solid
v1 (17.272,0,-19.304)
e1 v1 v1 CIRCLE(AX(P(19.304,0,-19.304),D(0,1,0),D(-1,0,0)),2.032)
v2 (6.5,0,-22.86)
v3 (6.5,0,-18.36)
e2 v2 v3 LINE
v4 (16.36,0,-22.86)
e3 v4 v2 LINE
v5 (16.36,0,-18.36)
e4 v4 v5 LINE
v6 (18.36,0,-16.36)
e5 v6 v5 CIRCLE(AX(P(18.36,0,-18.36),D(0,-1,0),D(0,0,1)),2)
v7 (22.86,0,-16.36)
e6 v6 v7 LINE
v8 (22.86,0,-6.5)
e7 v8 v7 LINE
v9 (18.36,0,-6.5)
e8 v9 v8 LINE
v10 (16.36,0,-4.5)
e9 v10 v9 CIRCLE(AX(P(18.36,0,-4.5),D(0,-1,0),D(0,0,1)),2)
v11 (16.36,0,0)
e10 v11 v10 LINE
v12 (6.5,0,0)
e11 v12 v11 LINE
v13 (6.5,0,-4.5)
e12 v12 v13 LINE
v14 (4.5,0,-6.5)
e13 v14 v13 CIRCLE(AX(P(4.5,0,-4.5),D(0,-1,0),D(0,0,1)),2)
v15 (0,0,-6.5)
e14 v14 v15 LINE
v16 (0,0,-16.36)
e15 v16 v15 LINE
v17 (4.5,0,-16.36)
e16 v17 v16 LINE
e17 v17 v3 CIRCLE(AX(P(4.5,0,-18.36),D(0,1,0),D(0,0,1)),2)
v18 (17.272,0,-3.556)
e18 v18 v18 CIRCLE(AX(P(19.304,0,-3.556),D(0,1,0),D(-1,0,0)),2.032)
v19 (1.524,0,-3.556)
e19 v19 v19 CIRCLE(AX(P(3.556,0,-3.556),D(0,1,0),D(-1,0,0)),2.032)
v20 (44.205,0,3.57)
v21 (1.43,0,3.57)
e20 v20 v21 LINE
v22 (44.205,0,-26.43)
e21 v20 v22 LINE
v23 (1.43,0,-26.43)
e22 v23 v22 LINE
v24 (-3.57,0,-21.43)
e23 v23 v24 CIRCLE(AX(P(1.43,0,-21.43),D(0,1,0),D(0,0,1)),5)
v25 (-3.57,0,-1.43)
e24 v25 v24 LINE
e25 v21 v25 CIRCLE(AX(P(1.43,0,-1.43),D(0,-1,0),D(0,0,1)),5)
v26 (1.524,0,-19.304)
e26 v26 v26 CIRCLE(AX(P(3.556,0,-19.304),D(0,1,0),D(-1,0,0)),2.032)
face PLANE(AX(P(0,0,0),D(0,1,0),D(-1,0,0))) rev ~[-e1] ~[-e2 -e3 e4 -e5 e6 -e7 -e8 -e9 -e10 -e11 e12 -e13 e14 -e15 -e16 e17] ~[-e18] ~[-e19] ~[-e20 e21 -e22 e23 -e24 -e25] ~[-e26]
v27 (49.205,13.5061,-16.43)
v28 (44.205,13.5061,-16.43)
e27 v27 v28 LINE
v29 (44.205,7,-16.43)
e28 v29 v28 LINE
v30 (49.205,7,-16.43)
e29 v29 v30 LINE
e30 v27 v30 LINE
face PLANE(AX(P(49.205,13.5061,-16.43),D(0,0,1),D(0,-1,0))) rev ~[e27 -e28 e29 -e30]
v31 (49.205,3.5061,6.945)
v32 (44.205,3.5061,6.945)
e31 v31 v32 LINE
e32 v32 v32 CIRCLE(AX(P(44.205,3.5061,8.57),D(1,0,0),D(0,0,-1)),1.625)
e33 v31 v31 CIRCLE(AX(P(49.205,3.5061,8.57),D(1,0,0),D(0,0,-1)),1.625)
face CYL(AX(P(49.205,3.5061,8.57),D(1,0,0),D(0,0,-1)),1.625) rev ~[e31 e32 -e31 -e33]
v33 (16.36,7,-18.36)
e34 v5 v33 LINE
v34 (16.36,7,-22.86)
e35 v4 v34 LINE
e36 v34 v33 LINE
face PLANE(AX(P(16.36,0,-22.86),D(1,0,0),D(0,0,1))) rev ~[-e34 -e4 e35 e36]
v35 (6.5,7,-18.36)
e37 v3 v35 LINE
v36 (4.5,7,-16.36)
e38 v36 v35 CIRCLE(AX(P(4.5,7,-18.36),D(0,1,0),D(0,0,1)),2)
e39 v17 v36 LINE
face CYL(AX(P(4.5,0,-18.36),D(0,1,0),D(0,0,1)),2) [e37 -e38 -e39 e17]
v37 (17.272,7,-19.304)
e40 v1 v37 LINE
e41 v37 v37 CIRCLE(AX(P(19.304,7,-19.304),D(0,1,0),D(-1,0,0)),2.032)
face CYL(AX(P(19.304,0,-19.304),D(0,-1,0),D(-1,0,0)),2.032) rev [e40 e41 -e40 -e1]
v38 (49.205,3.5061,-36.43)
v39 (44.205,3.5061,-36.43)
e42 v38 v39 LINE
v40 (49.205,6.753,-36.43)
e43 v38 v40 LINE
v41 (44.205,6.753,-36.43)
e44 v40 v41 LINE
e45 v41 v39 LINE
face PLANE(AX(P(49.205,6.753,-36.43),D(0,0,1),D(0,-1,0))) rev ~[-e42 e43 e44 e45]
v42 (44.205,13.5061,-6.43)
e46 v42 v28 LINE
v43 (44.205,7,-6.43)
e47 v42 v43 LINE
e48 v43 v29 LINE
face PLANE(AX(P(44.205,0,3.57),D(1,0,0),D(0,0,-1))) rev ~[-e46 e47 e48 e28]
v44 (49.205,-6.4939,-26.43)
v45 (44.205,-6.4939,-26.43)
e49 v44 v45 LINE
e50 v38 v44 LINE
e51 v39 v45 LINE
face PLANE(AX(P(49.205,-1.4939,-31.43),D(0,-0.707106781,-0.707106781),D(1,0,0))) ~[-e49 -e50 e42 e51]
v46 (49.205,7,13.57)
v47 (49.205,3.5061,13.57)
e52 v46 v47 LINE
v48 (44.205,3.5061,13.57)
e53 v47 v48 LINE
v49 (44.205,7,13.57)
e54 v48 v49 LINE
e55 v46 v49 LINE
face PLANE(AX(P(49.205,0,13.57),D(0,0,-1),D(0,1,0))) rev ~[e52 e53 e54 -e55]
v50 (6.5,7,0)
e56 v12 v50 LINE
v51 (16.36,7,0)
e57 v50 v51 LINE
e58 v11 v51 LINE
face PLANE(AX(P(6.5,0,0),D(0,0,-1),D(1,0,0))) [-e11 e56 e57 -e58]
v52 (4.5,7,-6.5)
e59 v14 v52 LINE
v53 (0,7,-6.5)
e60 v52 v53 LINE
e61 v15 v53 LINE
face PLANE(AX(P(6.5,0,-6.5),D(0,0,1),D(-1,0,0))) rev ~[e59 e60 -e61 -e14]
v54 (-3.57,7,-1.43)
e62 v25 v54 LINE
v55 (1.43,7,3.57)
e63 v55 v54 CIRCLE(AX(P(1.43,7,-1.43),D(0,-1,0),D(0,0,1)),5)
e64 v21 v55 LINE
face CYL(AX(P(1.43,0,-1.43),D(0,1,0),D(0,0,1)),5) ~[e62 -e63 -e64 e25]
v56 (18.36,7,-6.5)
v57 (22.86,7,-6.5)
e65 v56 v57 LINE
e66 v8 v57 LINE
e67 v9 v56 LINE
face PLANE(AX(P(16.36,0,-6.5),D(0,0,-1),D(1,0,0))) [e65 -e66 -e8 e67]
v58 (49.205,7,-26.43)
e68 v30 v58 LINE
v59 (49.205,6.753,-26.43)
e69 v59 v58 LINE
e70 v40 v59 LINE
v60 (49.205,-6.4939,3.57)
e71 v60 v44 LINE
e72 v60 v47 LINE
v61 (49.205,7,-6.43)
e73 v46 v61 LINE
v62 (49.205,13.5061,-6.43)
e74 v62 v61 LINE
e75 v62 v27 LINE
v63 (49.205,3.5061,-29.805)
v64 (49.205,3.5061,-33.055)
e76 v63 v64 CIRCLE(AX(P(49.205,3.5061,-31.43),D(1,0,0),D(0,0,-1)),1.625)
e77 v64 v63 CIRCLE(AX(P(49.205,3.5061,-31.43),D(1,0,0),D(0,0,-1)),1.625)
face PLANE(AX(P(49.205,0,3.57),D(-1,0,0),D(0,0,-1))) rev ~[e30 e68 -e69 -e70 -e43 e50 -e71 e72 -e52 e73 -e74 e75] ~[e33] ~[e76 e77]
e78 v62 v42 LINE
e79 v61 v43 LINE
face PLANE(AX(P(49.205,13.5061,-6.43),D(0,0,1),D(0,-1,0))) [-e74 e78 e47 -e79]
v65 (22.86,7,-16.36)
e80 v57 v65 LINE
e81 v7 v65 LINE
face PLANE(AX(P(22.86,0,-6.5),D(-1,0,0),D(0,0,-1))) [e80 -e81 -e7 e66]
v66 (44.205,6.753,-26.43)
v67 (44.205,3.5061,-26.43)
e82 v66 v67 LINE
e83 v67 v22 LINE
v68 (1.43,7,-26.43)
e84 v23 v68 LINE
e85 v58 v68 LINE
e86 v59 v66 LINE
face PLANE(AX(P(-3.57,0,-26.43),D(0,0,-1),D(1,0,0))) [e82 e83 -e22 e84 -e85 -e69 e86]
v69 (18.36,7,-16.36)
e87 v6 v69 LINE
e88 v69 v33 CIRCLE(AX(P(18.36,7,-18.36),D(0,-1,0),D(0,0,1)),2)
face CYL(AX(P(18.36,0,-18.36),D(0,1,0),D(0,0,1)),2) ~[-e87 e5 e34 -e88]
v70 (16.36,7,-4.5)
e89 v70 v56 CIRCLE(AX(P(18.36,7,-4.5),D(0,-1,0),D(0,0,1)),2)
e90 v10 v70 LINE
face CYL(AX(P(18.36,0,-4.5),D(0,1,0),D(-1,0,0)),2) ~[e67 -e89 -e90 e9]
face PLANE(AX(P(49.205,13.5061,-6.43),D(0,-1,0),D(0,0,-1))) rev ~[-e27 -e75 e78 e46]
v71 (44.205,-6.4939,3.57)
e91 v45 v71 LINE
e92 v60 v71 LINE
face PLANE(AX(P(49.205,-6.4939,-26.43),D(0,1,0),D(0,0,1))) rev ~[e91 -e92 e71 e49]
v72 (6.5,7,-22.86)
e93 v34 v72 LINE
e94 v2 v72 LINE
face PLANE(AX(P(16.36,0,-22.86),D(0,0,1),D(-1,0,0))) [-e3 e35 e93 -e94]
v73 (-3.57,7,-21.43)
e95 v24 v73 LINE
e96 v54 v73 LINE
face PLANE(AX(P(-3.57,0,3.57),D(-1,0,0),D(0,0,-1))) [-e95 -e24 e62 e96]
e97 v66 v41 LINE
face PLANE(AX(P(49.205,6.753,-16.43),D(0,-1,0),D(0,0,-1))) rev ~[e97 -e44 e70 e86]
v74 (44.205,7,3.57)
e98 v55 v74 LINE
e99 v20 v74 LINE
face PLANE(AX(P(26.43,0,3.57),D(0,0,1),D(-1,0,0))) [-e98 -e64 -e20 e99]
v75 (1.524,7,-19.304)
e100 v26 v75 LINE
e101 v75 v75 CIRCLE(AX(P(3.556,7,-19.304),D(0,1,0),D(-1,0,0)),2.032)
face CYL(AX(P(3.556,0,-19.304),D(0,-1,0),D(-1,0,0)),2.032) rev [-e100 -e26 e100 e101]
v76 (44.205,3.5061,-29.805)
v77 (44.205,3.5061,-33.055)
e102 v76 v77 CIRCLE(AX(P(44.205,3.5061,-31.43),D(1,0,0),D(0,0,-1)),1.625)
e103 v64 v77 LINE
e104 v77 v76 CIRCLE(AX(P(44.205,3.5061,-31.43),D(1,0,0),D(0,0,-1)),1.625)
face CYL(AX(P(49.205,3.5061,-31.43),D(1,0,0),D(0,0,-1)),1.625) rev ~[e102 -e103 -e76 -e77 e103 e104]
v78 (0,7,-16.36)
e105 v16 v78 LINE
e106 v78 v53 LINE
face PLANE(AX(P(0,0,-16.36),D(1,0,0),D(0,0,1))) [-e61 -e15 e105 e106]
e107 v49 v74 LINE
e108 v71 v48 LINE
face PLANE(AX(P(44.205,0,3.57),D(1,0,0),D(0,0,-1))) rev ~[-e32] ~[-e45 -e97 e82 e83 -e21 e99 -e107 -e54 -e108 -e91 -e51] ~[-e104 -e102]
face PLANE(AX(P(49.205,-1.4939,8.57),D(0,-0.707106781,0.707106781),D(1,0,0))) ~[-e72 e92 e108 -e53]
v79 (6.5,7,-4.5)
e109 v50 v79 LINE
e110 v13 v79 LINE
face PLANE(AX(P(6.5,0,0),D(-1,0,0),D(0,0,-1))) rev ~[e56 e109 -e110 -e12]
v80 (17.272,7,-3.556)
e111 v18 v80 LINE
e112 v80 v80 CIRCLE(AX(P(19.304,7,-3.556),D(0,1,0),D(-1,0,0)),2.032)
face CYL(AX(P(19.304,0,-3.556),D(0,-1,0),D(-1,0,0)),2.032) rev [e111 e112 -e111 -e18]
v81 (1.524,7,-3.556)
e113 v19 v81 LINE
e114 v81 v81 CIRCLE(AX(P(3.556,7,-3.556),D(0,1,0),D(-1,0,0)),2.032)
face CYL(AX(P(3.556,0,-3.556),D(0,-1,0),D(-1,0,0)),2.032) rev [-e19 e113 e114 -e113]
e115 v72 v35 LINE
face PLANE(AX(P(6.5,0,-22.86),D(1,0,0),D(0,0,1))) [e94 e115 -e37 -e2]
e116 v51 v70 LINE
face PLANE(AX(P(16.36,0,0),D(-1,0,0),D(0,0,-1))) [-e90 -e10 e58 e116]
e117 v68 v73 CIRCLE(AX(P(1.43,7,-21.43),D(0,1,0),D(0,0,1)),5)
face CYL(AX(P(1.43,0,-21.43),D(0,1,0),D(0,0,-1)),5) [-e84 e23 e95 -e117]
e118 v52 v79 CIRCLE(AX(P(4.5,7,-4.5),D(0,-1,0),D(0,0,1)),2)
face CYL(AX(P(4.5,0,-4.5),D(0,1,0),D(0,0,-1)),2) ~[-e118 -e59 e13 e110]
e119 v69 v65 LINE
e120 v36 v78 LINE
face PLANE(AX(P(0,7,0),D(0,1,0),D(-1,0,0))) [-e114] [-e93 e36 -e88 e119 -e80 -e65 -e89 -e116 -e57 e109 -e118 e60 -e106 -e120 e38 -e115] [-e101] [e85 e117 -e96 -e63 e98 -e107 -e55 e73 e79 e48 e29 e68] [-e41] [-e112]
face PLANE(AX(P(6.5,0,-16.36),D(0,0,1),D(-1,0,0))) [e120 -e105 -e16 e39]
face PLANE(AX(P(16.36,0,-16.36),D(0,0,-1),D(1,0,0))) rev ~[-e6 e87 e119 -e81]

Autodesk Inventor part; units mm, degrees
ref_plane "YZ Plane" through (0, 0, 0) normal (1, 0, 0) x (0, 1, 0)
ref_plane "XZ Plane" through (0, 0, 0) normal (0, 1, 0) x (-1, 0, 0)
ref_plane "XY Plane" through (0, 0, 0) normal (0, 0, 1) x (1, 0, 0)
sketch "Sketch1" plane through (0, 0, 0) normal (0, 1, 0) x (-1, 0, 0)
  line L0 (0, 0) -> (-22.86, 0)
  line L1 (-22.86, 0) -> (-22.86, -22.86)
  line L2 (-22.86, -22.86) -> (0, -22.86)
  line L3 (0, -22.86) -> (0, 0)
  line L4 (-22.86, -22.86) -> (-19.304, -22.86)
  line L5 (-19.304, -22.86) -> (-19.304, -19.304) construction
  line L6 (-19.304, -19.304) -> (-22.86, -19.304) construction
  line L7 (-22.86, -19.304) -> (-22.86, -22.86)
  line L8 (0, -22.86) -> (-3.556, -22.86)
  line L9 (-3.556, -22.86) -> (-3.556, -19.304) construction
  line L10 (-3.556, -19.304) -> (0, -19.304) construction
  line L11 (0, -19.304) -> (0, -22.86)
  line L12 (0, 0) -> (-3.556, 0)
  line L13 (-3.556, 0) -> (-3.556, -3.556) construction
  line L14 (-3.556, -3.556) -> (0, -3.556) construction
  line L15 (0, -3.556) -> (0, 0)
  line L16 (-22.86, 0) -> (-19.304, 0)
  line L17 (-19.304, 0) -> (-19.304, -3.556) construction
  line L18 (-19.304, -3.556) -> (-22.86, -3.556) construction
  line L19 (-22.86, -3.556) -> (-22.86, 0)
  circle A0 centre (-3.556, -19.304) radius 2.032
  circle A1 centre (-19.304, -19.304) radius 2.032
  circle A2 centre (-19.304, -3.556) radius 2.032
  circle A3 centre (-3.556, -3.556) radius 2.032
  line L20 (3.57, -26.43) -> (-26.43, -26.43)
  line L21 (-26.43, -26.43) -> (-26.43, 3.57)
  line L22 (-26.43, 3.57) -> (3.57, 3.57)
  line L23 (3.57, 3.57) -> (3.57, -26.43)
  line L24 (0, 0) -> (-6.5, 0)
  line L25 (-6.5, 0) -> (-6.5, -6.5)
  line L26 (-6.5, -6.5) -> (0, -6.5)
  line L27 (0, -6.5) -> (0, 0)
  line L28 (0, -22.86) -> (-6.5, -22.86)
  line L29 (-6.5, -22.86) -> (-6.5, -16.36)
  line L30 (-6.5, -16.36) -> (0, -16.36)
  line L31 (0, -16.36) -> (0, -22.86)
  line L32 (-22.86, -22.86) -> (-16.36, -22.86)
  line L33 (-16.36, -22.86) -> (-16.36, -16.36)
  line L34 (-16.36, -16.36) -> (-22.86, -16.36)
  line L35 (-22.86, -16.36) -> (-22.86, -22.86)
  line L36 (-22.86, 0) -> (-16.36, 0)
  line L37 (-16.36, 0) -> (-16.36, -6.5)
  line L38 (-16.36, -6.5) -> (-22.86, -6.5)
  line L39 (-22.86, -6.5) -> (-22.86, 0)
  line L40 (-26.43, 3.57) -> (-49.205, 3.57)
  line L41 (-49.205, 3.57) -> (-49.205, -26.43)
  line L42 (-49.205, -26.43) -> (-26.43, -26.43)
  line L43 (-26.43, -26.43) -> (-26.43, 3.57)
  circle A4 centre (-11.43, -11.43) radius 5
  point P0 (0, -16.36)
  point P1 (0, -6.5)
  dimension "d2" = 22.86
  dimension "d3" = 22.86
  dimension "d4" = 3.556
  dimension "d5" = 3.556
  dimension "d6" = 3.556
  dimension "d7" = 3.556
  dimension "d8" = 3.556
  dimension "d9" = 3.556
  dimension "d10" = 3.556
  dimension "d11" = 3.556
  dimension "d12" = 4.064
  dimension "d13" = 4.064
  dimension "d14" = 4.064
  dimension "d15" = 4.064
  dimension "d16" = 30
  dimension "d17" = 30
  dimension "d18" = 3.57
  dimension "d19" = 3.57
  dimension "d20" = 6.5
  dimension "d21" = 6.5
  dimension "d22" = 6.5
  dimension "d23" = 6.5
  dimension "d24" = 6.5
  dimension "d25" = 6.5
  dimension "d26" = 6.5
  dimension "d31" = 10
  dimension "d32" = 15
  dimension "d33" = 15
  dimension "d34" = 37.775
extrude "Extrusion1" add sketch "Sketch1" along normal blind 7 contours L3 L26 L25 L0 | L37 L38 L1 L0 | L3 L2 L29 L30 | L34 L33 L2 L1 | L20 L21 L22 L23 | L42 L41 L40 L21
fillet "Fillet1" radius 2 4 edges at (6.5, 3.5, -16.36) (16.36, 3.5, -16.36) (16.36, 3.5, -6.5) (6.5, 3.5, -6.5)
sketch "Sketch4" plane through (49.205, 0, 3.57) normal (1, 0, 0) x (0, 0, -1)
  line L0 (-10, 13.5061) -> (40, 13.5061)
  line L1 (40, 13.5061) -> (40, -6.4939)
  line L2 (40, -6.4939) -> (-10, -6.4939)
  line L3 (-10, -6.4939) -> (-10, 13.5061)
  line L4 (-10, 13.5061) -> (40, -6.4939) construction
  line L5 (40, 13.5061) -> (-10, -6.4939) construction
  line L6 (30, 0) -> (30, 7) projected
  line L7 (15, 3.5061) -> (35, 3.5061)
  circle A0 centre (35, 3.5061) radius 1.625
  circle A1 centre (-5, 3.5061) radius 1.625
  line L8 (-10, 0) -> (40, 0)
  line L9 (40, 0) -> (40, 13.5061)
  line L10 (40, 13.5061) -> (-10, 13.5061)
  line L11 (-10, 13.5061) -> (-10, 0)
  line L12 (-10, -6.4939) -> (0, -6.4939)
  line L13 (0, -6.4939) -> (0, 0)
  line L14 (0, 0) -> (-10, 0)
  line L15 (-10, 0) -> (-10, -6.4939)
  line L16 (40, -6.4939) -> (30, -6.4939)
  line L17 (30, -6.4939) -> (30, 0)
  line L18 (30, 0) -> (40, 0)
  line L19 (40, 0) -> (40, -6.4939)
  line L20 (40, 13.5061) -> (20, 13.5061)
  line L21 (20, 13.5061) -> (20, 6.753)
  line L22 (20, 6.753) -> (40, 6.753)
  line L23 (40, 6.753) -> (40, 13.5061)
  line L24 (0, 7) -> (30, 7) projected
  line L25 (-10, 13.5061) -> (10, 13.5061)
  line L26 (10, 13.5061) -> (10, 7)
  line L27 (10, 7) -> (-10, 7)
  line L28 (-10, 7) -> (-10, 13.5061)
  point P0 (3.57, 0)
  point P1 (40, -3.247)
  point P2 (-10, -3.247)
  point P3 (-10, 10.253)
  point P4 (10, 10.253)
  point P5 (40, 10.1296)
  point P6 (20, 13.5061)
  point P7 (10, 13.5061)
  point P8 (-10, 7)
  point P9 (40, 6.753)
  dimension "d46" = 50
  dimension "d47" = 20
  dimension "d48" = 15
  dimension "d49" = 10
  dimension "d56" = 20
  dimension "d57" = 20
  dimension "d58" = 3.25
  dimension "d59" = 3.25
  dimension "d66" = 10
  dimension "d67" = 20
  dimension "d68" = 20
extrude "Extrusion4" add sketch "Sketch4" against normal blind 5 contours L0 L21 L24 L26 | L27 L24 L21 L22 L6 L8 L3 | L8 L13 L2 L3 | L8 L17 L2 L13 | L1 L8 L6 L22 | L8 L1 L2 L17
fillet "Fillet2" radius 5 2 edges at (-3.57, 3.5, -26.43) (-3.57, 3.5, 3.57)
chamfer "Chamfer1" distance 10 angle 45 2 edges at (46.705, -6.4939, 13.57) (46.705, -6.4939, -36.43)
sketch "Sketch5" plane through (0, 0, 0) normal (0, -1, 0) x (1, 0, 0)
  line L0 (1.43, 3.57) -> (44.205, 3.57) projected
  line L1 (-3.57, -26.43) -> (22.8175, -26.43) construction
  line L2 (22.8175, -26.43) -> (22.8175, 3.57) construction
  line L3 (22.8175, 3.57) -> (-3.57, 3.57) construction
  line L4 (-3.57, 3.57) -> (-3.57, -26.43) construction
  line L5 (0, -22.86) -> (22.8175, -22.86) construction
  line L6 (22.8175, -22.86) -> (22.8175, 0) construction
  line L7 (22.8175, 0) -> (0, 0) construction
  line L8 (0, 0) -> (0, -22.86) construction
  circle A0 centre (11.43, -11.43) radius 11.43 construction
  line L9 (0, -6.5) -> (0, -16.36) projected
  line L10 (16.36, 0) -> (6.5, 0) projected
  line L11 (6.5, -22.86) -> (16.36, -22.86) projected
sketch "Sketch6" plane through (0, 0, 0) normal (0, -1, 0) x (1, 0, 0)
  line L0 (0, -6.5) -> (0, -16.36) projected
  line L1 (16.36, 0) -> (6.5, 0) projected
  line L2 (22.86, -16.36) -> (22.86, -6.5) projected
  line L3 (6.5, -22.86) -> (16.36, -22.86) projected
  circle A0 centre (11.43, -11.43) radius 11.43
  point P0 (0, 0)
properties part number "as5600mount"
